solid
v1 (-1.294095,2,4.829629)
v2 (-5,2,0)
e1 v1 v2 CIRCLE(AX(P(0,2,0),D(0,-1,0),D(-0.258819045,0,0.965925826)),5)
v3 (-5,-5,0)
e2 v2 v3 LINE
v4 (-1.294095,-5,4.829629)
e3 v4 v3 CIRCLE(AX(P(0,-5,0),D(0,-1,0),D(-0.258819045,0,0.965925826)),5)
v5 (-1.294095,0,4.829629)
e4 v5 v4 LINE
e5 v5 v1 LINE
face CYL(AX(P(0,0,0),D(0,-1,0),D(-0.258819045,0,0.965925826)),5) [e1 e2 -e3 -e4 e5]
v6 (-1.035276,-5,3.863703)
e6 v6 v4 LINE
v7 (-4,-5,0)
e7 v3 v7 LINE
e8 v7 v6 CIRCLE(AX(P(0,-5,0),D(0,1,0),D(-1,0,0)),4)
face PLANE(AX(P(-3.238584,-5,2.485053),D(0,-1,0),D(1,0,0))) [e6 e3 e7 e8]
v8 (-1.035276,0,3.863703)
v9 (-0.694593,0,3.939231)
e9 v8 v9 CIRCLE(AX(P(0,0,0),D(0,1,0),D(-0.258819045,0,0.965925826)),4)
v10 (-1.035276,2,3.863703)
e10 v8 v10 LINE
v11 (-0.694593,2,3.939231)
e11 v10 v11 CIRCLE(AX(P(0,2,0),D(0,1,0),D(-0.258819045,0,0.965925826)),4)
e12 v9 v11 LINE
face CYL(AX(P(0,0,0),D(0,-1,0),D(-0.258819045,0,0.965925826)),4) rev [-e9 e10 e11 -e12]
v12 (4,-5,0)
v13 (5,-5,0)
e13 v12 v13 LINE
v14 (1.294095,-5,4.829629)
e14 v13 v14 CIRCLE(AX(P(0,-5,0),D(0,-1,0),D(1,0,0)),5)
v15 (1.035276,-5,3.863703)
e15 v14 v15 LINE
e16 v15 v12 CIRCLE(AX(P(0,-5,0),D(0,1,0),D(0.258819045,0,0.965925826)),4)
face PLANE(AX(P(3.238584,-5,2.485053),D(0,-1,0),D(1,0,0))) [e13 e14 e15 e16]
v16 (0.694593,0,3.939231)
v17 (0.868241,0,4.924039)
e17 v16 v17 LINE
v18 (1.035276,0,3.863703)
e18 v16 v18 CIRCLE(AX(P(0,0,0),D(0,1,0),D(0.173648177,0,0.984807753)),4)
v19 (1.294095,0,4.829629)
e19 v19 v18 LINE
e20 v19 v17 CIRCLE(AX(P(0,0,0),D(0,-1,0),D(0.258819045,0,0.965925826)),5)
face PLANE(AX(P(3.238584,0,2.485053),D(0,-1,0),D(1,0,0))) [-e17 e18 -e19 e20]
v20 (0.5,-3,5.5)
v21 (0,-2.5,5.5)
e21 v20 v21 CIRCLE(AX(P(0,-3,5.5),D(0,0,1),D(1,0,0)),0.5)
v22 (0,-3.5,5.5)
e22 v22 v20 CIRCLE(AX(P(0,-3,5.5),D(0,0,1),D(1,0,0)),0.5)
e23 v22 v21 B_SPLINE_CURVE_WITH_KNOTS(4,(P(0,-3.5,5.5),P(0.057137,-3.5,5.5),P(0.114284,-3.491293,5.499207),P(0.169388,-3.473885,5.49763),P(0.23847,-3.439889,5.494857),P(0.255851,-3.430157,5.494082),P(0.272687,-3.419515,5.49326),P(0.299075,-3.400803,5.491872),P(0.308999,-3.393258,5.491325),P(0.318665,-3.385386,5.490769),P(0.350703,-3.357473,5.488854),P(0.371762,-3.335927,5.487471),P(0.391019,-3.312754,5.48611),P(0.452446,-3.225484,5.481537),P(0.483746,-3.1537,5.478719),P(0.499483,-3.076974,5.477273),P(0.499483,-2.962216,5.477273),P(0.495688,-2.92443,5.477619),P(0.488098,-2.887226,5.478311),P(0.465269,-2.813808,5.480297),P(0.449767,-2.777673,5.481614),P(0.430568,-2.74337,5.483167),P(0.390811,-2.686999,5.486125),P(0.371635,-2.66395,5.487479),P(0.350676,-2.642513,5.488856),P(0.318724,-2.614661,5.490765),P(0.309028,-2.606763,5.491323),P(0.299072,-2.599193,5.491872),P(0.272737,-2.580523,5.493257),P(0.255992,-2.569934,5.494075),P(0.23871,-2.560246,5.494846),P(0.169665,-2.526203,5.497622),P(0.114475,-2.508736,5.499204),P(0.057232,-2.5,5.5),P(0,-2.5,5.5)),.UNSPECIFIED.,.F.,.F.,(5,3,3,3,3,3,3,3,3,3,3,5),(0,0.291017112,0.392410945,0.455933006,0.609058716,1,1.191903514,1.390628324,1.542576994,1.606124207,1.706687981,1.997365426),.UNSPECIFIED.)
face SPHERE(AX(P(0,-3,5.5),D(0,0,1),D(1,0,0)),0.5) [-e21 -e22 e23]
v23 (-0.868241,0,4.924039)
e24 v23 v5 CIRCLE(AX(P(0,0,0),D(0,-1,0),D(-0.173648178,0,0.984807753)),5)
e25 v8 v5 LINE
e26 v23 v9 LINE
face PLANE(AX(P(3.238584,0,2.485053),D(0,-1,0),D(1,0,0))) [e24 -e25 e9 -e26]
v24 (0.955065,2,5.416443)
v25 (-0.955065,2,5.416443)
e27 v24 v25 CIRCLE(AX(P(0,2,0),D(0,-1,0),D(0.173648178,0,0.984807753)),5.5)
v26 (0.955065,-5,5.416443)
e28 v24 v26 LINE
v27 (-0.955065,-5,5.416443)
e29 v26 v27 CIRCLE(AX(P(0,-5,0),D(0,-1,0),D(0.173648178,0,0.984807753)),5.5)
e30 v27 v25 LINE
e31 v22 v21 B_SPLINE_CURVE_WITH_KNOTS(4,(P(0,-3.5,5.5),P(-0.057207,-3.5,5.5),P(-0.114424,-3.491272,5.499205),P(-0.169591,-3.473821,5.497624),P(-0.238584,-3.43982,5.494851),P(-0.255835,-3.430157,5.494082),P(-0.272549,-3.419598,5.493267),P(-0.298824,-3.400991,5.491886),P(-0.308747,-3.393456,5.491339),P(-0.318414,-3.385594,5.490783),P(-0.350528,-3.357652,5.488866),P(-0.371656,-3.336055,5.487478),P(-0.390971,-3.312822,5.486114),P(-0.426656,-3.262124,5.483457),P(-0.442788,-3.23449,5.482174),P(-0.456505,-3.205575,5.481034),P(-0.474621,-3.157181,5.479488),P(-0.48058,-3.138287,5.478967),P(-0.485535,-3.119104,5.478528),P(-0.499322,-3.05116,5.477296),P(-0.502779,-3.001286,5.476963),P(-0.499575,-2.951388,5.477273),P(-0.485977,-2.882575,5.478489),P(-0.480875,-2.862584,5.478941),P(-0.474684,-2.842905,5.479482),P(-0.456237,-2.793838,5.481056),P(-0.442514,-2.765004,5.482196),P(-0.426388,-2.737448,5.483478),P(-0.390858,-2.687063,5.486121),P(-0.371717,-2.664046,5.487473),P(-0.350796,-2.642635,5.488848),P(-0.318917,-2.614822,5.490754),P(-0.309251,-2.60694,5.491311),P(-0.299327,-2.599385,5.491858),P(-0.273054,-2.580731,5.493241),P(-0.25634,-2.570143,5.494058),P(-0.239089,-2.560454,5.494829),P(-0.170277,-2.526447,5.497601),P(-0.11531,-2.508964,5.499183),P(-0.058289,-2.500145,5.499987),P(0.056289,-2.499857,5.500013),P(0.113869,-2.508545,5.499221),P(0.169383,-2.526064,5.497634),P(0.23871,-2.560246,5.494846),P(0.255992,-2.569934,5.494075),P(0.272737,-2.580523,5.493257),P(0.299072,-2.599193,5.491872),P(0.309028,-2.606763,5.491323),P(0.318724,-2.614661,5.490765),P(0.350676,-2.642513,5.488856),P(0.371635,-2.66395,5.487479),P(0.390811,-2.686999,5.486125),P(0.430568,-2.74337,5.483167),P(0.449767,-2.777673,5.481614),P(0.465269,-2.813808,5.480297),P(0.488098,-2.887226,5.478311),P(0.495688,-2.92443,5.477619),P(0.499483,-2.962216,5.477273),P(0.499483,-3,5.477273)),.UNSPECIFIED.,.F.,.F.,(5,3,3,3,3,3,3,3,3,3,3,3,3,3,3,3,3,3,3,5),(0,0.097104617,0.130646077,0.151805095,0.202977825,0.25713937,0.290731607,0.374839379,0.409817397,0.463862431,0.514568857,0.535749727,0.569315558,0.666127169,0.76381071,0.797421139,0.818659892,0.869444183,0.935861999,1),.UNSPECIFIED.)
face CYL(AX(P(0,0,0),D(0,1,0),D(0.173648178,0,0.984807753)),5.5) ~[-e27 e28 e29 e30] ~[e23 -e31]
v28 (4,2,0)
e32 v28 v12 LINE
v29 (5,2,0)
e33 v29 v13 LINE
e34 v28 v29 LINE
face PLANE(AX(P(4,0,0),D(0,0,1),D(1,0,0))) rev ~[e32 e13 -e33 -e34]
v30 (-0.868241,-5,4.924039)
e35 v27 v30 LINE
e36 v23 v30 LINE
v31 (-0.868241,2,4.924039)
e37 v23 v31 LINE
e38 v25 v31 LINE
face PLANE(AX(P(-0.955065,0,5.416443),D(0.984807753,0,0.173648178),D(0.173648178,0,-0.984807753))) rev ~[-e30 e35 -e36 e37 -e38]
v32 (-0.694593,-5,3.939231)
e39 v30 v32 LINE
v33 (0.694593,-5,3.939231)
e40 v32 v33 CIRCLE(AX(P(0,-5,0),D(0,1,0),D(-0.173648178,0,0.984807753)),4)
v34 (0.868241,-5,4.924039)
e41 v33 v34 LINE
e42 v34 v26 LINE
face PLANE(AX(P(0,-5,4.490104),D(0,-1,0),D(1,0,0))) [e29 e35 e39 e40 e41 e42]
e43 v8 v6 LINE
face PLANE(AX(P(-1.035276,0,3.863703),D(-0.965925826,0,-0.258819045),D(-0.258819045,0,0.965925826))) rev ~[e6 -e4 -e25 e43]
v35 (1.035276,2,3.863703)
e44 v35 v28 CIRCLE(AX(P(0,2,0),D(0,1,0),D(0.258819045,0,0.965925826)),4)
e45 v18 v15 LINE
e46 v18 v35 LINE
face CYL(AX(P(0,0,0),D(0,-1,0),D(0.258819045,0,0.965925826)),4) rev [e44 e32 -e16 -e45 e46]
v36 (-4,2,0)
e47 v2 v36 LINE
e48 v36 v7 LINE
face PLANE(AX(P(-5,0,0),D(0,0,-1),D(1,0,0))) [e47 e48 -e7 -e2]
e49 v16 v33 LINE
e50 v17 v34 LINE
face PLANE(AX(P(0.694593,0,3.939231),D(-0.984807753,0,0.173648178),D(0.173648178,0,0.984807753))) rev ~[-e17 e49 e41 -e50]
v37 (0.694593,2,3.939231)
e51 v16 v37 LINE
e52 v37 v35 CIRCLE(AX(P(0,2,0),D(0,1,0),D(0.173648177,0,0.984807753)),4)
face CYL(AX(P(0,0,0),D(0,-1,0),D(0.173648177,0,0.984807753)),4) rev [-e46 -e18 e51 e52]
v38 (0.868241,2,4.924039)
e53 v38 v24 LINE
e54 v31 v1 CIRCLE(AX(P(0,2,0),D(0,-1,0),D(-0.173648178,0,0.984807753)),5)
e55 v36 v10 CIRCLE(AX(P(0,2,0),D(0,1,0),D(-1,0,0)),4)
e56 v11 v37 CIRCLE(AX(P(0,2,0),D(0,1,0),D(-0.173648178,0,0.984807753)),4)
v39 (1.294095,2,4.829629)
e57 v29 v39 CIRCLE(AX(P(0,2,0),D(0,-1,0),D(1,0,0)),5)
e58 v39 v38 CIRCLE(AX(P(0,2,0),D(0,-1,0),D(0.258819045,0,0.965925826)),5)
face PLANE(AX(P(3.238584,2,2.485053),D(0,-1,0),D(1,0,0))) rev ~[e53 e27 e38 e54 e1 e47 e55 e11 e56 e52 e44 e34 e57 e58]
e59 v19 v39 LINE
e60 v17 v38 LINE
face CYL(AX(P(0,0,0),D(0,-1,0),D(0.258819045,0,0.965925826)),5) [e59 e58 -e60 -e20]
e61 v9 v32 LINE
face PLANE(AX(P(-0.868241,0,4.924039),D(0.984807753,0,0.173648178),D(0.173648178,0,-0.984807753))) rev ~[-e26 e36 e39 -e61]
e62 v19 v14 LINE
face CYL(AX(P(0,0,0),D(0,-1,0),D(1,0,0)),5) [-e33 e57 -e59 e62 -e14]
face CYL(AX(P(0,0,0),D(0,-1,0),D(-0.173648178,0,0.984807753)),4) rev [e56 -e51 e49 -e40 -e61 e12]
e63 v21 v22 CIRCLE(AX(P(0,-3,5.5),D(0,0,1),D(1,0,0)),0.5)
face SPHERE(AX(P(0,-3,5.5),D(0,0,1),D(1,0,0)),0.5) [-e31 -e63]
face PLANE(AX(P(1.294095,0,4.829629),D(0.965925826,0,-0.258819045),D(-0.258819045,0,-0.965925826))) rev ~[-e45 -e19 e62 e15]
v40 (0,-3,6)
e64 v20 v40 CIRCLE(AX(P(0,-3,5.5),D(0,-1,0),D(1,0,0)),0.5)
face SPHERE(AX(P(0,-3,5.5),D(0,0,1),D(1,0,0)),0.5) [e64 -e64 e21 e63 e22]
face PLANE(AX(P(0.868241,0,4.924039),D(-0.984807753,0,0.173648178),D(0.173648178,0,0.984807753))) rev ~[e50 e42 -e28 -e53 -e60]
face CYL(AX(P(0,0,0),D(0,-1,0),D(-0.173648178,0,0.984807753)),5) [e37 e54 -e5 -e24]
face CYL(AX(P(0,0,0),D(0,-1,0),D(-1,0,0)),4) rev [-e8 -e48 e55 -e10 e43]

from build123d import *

# Parameters (mm, degrees)
F1_DEPTH      = 2
F2_DEPTH      = 5
F2_DEPTH_BACK = 2
F3_DEPTH      = 5


with BuildPart() as f1:
    # F0 (on Front) → F1 (new body)
    with BuildSketch(Plane.XZ):
        with BuildLine():
            Line((4, 0), (5, 0))
            ThreePointArc((5, 0), (3.9667667015, 3.043807145), (1.2940952255, 4.8296291314))
            Line((1.2940952255, 4.8296291314), (1.0352761804, 3.8637033052))
            ThreePointArc((1.0352761804, 3.8637033052), (3.1734133612, 2.435045716), (4, 0))
        make_face()
        with BuildLine():
            Line((1.0352761804, 3.8637033052), (1.2940952255, 4.8296291314))
            ThreePointArc((1.2940952255, 4.8296291314), (1.0821980697, 4.8814800356), (0.8682408883, 4.9240387651))
            Line((0.8682408883, 4.9240387651), (0.6945927107, 3.939231012))
            ThreePointArc((0.6945927107, 3.939231012), (0.8657584558, 3.9051840285), (1.0352761804, 3.8637033052))
        make_face()
        with BuildLine():
            Line((0.6945927107, 3.939231012), (0.8682408883, 4.9240387651))
            ThreePointArc((0.8682408883, 4.9240387651), (0, 5), (-0.8682408883, 4.9240387651))
            Line((-0.8682408883, 4.9240387651), (-0.6945927107, 3.939231012))
            ThreePointArc((-0.6945927107, 3.939231012), (0, 4), (0.6945927107, 3.939231012))
        make_face()
        with BuildLine():
            ThreePointArc((-0.8682408883, 4.9240387651), (-1.0821980697, 4.8814800356), (-1.2940952255, 4.8296291314))
            Line((-1.2940952255, 4.8296291314), (-1.0352761804, 3.8637033052))
            ThreePointArc((-1.0352761804, 3.8637033052), (-0.8657584558, 3.9051840285), (-0.6945927107, 3.939231012))
            Line((-0.6945927107, 3.939231012), (-0.8682408883, 4.9240387651))
        make_face()
        with BuildLine():
            ThreePointArc((-1.2940952255, 4.8296291314), (-3.9667667015, 3.043807145), (-5, 0))
            Line((-5, 0), (-4, 0))
            ThreePointArc((-4, 0), (-3.1734133612, 2.435045716), (-1.0352761804, 3.8637033052))
            Line((-1.0352761804, 3.8637033052), (-1.2940952255, 4.8296291314))
        make_face()
    extrude(amount=-F1_DEPTH)

    # F0 (on Front) → F2 (join, two sides)
    with BuildSketch(Plane.XZ) as f2_sk:
        with BuildLine():
            Line((0.6945927107, 3.939231012), (0.8682408883, 4.9240387651))
            ThreePointArc((0.8682408883, 4.9240387651), (0, 5), (-0.8682408883, 4.9240387651))
            Line((-0.8682408883, 4.9240387651), (-0.6945927107, 3.939231012))
            ThreePointArc((-0.6945927107, 3.939231012), (0, 4), (0.6945927107, 3.939231012))
        make_face()
        with BuildLine():
            ThreePointArc((-0.8682408883, 4.9240387651), (0, 5), (0.8682408883, 4.9240387651))
            Line((0.8682408883, 4.9240387651), (0.9550649772, 5.4164426416))
            ThreePointArc((0.9550649772, 5.4164426416), (0, 5.5), (-0.9550649772, 5.4164426416))
            Line((-0.9550649772, 5.4164426416), (-0.8682408883, 4.9240387651))
        make_face()
    extrude(amount=F2_DEPTH)
    extrude(f2_sk.sketch, amount=-F2_DEPTH_BACK)

    # F0 (on Front) → F3 (join)
    with BuildSketch(Plane.XZ):
        with BuildLine():
            Line((4, 0), (5, 0))
            ThreePointArc((5, 0), (3.9667667015, 3.043807145), (1.2940952255, 4.8296291314))
            Line((1.2940952255, 4.8296291314), (1.0352761804, 3.8637033052))
            ThreePointArc((1.0352761804, 3.8637033052), (3.1734133612, 2.435045716), (4, 0))
        make_face()
        with BuildLine():
            ThreePointArc((-1.2940952255, 4.8296291314), (-3.9667667015, 3.043807145), (-5, 0))
            Line((-5, 0), (-4, 0))
            ThreePointArc((-4, 0), (-3.1734133612, 2.435045716), (-1.0352761804, 3.8637033052))
            Line((-1.0352761804, 3.8637033052), (-1.2940952255, 4.8296291314))
        make_face()
    extrude(amount=F3_DEPTH)

    # F5 (on offset) → F6 (revolve)
    with BuildSketch(Plane.XZ.offset(3)):
        with BuildLine():
            Line((0, 6), (0, 5))
            ThreePointArc((0, 5), (0.3535533906, 5.1464466094), (0.5, 5.5))
            ThreePointArc((0.5, 5.5), (0.3535533906, 5.8535533906), (0, 6))
        make_face()
    revolve(axis=Axis((0, -3, 4.2273908738), (0, 0, 1)))


solid = f1.part
